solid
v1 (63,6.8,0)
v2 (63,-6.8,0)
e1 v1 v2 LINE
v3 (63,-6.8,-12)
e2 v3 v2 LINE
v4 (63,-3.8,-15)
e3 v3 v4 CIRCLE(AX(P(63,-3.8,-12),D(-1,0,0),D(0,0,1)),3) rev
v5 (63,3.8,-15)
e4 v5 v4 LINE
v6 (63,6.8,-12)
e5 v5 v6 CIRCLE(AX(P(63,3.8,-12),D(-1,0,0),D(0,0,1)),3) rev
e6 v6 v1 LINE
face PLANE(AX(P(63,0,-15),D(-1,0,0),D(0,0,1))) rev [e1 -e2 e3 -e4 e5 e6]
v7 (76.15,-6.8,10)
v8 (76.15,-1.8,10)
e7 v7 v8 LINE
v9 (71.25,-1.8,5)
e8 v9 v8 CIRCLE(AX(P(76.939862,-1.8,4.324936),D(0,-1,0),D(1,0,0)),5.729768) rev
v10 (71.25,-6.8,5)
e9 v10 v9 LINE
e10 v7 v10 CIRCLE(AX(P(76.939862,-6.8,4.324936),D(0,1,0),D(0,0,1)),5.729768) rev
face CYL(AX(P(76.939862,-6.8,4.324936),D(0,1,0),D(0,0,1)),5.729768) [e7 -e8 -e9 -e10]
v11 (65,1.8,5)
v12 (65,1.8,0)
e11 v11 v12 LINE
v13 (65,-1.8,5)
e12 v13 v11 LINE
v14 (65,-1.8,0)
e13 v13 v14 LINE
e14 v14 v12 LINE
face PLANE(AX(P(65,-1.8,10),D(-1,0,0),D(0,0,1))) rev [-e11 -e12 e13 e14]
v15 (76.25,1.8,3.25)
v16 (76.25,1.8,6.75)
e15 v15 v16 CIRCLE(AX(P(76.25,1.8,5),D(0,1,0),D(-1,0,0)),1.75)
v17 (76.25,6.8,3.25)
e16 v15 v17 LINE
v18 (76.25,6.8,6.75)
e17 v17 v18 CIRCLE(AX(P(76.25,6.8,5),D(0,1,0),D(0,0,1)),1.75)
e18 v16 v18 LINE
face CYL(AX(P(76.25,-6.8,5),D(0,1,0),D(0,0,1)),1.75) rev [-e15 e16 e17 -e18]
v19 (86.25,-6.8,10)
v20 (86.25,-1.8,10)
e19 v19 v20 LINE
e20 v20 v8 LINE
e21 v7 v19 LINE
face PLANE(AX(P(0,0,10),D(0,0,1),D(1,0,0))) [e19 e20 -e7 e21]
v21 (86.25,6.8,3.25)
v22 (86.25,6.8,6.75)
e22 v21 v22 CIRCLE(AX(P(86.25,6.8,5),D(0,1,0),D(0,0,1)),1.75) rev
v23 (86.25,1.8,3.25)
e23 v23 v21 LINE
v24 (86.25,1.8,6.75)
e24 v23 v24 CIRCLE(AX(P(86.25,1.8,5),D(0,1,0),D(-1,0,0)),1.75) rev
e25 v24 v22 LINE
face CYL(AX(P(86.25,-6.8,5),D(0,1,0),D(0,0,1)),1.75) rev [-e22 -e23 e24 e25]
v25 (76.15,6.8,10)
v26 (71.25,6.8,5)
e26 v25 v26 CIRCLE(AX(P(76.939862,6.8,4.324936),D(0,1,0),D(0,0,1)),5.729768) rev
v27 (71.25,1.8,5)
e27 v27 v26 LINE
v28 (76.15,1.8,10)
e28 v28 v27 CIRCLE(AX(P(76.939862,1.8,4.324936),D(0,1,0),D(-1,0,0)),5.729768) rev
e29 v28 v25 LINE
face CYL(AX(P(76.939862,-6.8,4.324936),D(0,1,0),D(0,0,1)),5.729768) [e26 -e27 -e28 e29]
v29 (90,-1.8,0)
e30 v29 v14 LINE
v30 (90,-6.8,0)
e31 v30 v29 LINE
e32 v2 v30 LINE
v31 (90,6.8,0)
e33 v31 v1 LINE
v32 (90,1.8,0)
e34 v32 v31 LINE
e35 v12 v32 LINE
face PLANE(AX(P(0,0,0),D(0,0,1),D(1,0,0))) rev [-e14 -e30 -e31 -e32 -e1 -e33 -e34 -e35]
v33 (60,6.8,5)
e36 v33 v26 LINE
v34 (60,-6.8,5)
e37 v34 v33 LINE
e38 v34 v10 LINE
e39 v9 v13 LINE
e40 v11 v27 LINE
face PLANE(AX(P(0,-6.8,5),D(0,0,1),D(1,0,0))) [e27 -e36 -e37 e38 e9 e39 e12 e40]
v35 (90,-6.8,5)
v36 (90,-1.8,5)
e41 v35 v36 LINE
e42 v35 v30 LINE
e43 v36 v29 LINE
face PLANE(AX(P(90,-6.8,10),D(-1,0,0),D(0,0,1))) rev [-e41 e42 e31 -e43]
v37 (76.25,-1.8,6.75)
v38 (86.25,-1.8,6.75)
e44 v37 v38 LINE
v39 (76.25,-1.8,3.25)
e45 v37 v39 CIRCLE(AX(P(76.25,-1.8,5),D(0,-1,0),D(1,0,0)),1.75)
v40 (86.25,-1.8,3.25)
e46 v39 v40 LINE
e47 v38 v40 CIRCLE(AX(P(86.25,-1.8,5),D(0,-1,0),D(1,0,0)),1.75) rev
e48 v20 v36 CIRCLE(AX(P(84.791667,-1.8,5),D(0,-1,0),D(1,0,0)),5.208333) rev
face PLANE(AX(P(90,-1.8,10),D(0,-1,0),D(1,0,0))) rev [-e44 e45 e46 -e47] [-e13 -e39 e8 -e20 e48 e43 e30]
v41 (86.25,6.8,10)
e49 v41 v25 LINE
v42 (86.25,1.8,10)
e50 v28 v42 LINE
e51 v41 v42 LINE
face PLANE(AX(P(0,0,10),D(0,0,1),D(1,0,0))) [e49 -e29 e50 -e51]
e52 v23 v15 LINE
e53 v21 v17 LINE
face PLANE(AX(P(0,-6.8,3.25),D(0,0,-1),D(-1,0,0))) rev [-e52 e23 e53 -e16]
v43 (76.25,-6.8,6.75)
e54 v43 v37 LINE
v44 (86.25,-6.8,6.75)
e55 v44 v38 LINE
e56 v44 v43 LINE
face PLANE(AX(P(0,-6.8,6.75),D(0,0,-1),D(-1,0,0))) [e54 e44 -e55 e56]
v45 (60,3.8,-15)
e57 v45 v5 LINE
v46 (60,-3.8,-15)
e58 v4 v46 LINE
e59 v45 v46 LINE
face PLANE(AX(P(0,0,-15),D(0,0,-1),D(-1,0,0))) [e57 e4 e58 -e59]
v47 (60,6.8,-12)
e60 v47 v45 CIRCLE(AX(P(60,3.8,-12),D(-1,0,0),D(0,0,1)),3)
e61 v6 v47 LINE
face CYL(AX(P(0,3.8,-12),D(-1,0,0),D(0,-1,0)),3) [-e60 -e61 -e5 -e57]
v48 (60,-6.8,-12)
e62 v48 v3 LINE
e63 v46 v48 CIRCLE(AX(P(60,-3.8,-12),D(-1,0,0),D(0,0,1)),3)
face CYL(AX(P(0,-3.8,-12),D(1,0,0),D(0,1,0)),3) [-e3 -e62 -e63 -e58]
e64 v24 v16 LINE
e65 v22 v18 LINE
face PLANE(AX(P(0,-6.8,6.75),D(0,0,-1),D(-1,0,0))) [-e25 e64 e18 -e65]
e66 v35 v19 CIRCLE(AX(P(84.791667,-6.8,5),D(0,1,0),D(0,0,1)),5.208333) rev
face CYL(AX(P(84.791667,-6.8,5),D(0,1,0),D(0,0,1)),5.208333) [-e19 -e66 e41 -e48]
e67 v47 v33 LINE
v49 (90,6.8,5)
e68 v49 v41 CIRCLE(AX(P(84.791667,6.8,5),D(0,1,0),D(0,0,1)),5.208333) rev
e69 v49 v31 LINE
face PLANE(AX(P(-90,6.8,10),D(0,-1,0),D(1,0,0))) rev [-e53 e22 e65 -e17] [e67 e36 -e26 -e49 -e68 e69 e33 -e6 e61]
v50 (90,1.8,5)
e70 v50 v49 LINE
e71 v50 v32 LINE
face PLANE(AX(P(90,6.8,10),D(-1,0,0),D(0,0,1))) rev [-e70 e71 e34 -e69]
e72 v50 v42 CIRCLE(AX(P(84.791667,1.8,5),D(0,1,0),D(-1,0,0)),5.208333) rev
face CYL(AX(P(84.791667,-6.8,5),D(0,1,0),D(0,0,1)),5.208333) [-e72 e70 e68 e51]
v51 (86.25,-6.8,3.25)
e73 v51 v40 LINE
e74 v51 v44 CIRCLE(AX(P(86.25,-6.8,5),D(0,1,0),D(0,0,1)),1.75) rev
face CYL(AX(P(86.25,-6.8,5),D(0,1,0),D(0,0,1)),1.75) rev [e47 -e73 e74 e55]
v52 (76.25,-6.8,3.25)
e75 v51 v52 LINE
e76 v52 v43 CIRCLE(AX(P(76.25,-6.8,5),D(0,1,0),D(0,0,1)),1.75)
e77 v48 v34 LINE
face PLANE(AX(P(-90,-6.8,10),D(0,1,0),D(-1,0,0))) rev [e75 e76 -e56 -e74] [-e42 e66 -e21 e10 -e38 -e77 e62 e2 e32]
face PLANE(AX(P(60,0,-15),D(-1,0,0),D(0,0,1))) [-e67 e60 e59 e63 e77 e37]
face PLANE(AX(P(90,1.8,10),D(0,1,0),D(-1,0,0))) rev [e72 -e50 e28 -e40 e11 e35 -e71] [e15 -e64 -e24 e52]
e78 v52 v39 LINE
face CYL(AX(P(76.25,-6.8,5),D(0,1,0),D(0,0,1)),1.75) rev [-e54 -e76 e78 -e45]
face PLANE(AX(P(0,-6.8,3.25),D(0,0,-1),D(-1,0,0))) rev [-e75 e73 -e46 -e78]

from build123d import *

# Parameters (mm, degrees)
SALIENTE_EXTRUIR1_DEPTH = 10
CORTAR_EXTRUIR1_DEPTH   = 92.569427212
CROQUIS3_W              = 3
CROQUIS3_H              = 13.6
SALIENTE_EXTRUIR2_DEPTH = 15
CHAFL_N1_SIZE           = 10
CHAFL_N1_SIZE2          = 2.679491924
REDONDEO1_R             = 3
CROQUIS4_W              = 167.371615842
CROQUIS4_H              = 49.121487425
CORTAR_EXTRUIR2_DEPTH   = 93.249444443


with BuildPart() as part:
    # Croquis1 → Saliente-Extruir1 (new body)
    with BuildSketch(Plane.XY):
        Polygon((-90, -6.8), (-90, -1.8), (-65, -1.8), (-65, 1.8), (-90, 1.8), (-90, 6.8), (90, 6.8), (90, 1.8), (65, 1.8), (65, -1.8), (90, -1.8), (90, -6.8), align=None)
    extrude(amount=SALIENTE_EXTRUIR1_DEPTH)

    # Croquis2 → Cortar-Extruir1 (cut, through all)
    with BuildSketch(Plane(origin=(0, 6.8, 0), x_dir=(1, 0, 0), z_dir=(0, 1, 0))):
        with BuildLine():
            Line((-76.25, -3.25), (-86.25, -3.25))
            ThreePointArc((-86.25, -3.25), (-88, -5), (-86.25, -6.75))
            Line((-86.25, -6.75), (-76.25, -6.75))
            ThreePointArc((-76.25, -6.75), (-74.5, -5), (-76.25, -3.25))
        make_face()
        with BuildLine():
            ThreePointArc((-90, -5), (-88.958333333, -1.875), (-86.25, 0))
            Line((-86.25, 0), (-90, 0))
            Line((-90, 0), (-90, -5))
        make_face()
        with BuildLine():
            Line((86.25, -10), (90, -10))
            Line((90, -10), (90, -5))
            ThreePointArc((90, -5), (88.958333333, -8.125), (86.25, -10))
        make_face()
        with BuildLine():
            Line((76.25, -6.75), (86.25, -6.75))
            ThreePointArc((86.25, -6.75), (88, -5), (86.25, -3.25))
            Line((86.25, -3.25), (76.25, -3.25))
            ThreePointArc((76.25, -3.25), (74.5, -5), (76.25, -6.75))
        make_face()
        with BuildLine():
            Line((71.25, -5), (-71.25, -5))
            ThreePointArc((-71.25, -5), (-72.847588014, -8.335363746), (-76.15, -10))
            Line((-76.15, -10), (76.15, -10))
            ThreePointArc((76.15, -10), (72.847588014, -8.335363746), (71.25, -5))
        make_face()
    extrude(amount=-CORTAR_EXTRUIR1_DEPTH, mode=Mode.SUBTRACT)

    # Croquis3 → Saliente-Extruir2 (add)
    with BuildSketch(Plane(origin=(0, 0, 0), x_dir=(-1, 0, 0), z_dir=(0, 0, -1))):
        with Locations((-61.5, 0)):
            Rectangle(CROQUIS3_W, CROQUIS3_H)
        with Locations((61.5, 0)):
            Rectangle(CROQUIS3_W, CROQUIS3_H)
    extrude(amount=SALIENTE_EXTRUIR2_DEPTH)

    # Chaflán1
    chafl_n1_edges = [part.edges().sort_by_distance(p)[0] for p in [
        (0, -6.8, 0),
    ]]
    chafl_n1_side = [part.faces().sort_by_distance(p)[0] for p in [
        (0, 0, 0),
    ]]
    chamfer(chafl_n1_edges, length=CHAFL_N1_SIZE, length2=CHAFL_N1_SIZE2, reference=chafl_n1_side[0])

    # Redondeo1
    redondeo1_edges = [part.edges().sort_by_distance(p)[0] for p in [
        (61.5, 6.8, -15),
        (61.5, -6.8, -15),
        (-61.5, 6.8, -15),
        (-61.5, -6.8, -15),
    ]]
    fillet(redondeo1_edges, radius=REDONDEO1_R)

    # Croquis4 → Cortar-Extruir2 (cut, through all)
    with BuildSketch(Plane(origin=(0, -6.8, 0), x_dir=(-1, 0, 0), z_dir=(0, -1, 0))):
        with Locations((23.685807921, 0.224960459)):
            Rectangle(CROQUIS4_W, CROQUIS4_H)
    extrude(amount=-CORTAR_EXTRUIR2_DEPTH, mode=Mode.SUBTRACT)


solid = part.part
